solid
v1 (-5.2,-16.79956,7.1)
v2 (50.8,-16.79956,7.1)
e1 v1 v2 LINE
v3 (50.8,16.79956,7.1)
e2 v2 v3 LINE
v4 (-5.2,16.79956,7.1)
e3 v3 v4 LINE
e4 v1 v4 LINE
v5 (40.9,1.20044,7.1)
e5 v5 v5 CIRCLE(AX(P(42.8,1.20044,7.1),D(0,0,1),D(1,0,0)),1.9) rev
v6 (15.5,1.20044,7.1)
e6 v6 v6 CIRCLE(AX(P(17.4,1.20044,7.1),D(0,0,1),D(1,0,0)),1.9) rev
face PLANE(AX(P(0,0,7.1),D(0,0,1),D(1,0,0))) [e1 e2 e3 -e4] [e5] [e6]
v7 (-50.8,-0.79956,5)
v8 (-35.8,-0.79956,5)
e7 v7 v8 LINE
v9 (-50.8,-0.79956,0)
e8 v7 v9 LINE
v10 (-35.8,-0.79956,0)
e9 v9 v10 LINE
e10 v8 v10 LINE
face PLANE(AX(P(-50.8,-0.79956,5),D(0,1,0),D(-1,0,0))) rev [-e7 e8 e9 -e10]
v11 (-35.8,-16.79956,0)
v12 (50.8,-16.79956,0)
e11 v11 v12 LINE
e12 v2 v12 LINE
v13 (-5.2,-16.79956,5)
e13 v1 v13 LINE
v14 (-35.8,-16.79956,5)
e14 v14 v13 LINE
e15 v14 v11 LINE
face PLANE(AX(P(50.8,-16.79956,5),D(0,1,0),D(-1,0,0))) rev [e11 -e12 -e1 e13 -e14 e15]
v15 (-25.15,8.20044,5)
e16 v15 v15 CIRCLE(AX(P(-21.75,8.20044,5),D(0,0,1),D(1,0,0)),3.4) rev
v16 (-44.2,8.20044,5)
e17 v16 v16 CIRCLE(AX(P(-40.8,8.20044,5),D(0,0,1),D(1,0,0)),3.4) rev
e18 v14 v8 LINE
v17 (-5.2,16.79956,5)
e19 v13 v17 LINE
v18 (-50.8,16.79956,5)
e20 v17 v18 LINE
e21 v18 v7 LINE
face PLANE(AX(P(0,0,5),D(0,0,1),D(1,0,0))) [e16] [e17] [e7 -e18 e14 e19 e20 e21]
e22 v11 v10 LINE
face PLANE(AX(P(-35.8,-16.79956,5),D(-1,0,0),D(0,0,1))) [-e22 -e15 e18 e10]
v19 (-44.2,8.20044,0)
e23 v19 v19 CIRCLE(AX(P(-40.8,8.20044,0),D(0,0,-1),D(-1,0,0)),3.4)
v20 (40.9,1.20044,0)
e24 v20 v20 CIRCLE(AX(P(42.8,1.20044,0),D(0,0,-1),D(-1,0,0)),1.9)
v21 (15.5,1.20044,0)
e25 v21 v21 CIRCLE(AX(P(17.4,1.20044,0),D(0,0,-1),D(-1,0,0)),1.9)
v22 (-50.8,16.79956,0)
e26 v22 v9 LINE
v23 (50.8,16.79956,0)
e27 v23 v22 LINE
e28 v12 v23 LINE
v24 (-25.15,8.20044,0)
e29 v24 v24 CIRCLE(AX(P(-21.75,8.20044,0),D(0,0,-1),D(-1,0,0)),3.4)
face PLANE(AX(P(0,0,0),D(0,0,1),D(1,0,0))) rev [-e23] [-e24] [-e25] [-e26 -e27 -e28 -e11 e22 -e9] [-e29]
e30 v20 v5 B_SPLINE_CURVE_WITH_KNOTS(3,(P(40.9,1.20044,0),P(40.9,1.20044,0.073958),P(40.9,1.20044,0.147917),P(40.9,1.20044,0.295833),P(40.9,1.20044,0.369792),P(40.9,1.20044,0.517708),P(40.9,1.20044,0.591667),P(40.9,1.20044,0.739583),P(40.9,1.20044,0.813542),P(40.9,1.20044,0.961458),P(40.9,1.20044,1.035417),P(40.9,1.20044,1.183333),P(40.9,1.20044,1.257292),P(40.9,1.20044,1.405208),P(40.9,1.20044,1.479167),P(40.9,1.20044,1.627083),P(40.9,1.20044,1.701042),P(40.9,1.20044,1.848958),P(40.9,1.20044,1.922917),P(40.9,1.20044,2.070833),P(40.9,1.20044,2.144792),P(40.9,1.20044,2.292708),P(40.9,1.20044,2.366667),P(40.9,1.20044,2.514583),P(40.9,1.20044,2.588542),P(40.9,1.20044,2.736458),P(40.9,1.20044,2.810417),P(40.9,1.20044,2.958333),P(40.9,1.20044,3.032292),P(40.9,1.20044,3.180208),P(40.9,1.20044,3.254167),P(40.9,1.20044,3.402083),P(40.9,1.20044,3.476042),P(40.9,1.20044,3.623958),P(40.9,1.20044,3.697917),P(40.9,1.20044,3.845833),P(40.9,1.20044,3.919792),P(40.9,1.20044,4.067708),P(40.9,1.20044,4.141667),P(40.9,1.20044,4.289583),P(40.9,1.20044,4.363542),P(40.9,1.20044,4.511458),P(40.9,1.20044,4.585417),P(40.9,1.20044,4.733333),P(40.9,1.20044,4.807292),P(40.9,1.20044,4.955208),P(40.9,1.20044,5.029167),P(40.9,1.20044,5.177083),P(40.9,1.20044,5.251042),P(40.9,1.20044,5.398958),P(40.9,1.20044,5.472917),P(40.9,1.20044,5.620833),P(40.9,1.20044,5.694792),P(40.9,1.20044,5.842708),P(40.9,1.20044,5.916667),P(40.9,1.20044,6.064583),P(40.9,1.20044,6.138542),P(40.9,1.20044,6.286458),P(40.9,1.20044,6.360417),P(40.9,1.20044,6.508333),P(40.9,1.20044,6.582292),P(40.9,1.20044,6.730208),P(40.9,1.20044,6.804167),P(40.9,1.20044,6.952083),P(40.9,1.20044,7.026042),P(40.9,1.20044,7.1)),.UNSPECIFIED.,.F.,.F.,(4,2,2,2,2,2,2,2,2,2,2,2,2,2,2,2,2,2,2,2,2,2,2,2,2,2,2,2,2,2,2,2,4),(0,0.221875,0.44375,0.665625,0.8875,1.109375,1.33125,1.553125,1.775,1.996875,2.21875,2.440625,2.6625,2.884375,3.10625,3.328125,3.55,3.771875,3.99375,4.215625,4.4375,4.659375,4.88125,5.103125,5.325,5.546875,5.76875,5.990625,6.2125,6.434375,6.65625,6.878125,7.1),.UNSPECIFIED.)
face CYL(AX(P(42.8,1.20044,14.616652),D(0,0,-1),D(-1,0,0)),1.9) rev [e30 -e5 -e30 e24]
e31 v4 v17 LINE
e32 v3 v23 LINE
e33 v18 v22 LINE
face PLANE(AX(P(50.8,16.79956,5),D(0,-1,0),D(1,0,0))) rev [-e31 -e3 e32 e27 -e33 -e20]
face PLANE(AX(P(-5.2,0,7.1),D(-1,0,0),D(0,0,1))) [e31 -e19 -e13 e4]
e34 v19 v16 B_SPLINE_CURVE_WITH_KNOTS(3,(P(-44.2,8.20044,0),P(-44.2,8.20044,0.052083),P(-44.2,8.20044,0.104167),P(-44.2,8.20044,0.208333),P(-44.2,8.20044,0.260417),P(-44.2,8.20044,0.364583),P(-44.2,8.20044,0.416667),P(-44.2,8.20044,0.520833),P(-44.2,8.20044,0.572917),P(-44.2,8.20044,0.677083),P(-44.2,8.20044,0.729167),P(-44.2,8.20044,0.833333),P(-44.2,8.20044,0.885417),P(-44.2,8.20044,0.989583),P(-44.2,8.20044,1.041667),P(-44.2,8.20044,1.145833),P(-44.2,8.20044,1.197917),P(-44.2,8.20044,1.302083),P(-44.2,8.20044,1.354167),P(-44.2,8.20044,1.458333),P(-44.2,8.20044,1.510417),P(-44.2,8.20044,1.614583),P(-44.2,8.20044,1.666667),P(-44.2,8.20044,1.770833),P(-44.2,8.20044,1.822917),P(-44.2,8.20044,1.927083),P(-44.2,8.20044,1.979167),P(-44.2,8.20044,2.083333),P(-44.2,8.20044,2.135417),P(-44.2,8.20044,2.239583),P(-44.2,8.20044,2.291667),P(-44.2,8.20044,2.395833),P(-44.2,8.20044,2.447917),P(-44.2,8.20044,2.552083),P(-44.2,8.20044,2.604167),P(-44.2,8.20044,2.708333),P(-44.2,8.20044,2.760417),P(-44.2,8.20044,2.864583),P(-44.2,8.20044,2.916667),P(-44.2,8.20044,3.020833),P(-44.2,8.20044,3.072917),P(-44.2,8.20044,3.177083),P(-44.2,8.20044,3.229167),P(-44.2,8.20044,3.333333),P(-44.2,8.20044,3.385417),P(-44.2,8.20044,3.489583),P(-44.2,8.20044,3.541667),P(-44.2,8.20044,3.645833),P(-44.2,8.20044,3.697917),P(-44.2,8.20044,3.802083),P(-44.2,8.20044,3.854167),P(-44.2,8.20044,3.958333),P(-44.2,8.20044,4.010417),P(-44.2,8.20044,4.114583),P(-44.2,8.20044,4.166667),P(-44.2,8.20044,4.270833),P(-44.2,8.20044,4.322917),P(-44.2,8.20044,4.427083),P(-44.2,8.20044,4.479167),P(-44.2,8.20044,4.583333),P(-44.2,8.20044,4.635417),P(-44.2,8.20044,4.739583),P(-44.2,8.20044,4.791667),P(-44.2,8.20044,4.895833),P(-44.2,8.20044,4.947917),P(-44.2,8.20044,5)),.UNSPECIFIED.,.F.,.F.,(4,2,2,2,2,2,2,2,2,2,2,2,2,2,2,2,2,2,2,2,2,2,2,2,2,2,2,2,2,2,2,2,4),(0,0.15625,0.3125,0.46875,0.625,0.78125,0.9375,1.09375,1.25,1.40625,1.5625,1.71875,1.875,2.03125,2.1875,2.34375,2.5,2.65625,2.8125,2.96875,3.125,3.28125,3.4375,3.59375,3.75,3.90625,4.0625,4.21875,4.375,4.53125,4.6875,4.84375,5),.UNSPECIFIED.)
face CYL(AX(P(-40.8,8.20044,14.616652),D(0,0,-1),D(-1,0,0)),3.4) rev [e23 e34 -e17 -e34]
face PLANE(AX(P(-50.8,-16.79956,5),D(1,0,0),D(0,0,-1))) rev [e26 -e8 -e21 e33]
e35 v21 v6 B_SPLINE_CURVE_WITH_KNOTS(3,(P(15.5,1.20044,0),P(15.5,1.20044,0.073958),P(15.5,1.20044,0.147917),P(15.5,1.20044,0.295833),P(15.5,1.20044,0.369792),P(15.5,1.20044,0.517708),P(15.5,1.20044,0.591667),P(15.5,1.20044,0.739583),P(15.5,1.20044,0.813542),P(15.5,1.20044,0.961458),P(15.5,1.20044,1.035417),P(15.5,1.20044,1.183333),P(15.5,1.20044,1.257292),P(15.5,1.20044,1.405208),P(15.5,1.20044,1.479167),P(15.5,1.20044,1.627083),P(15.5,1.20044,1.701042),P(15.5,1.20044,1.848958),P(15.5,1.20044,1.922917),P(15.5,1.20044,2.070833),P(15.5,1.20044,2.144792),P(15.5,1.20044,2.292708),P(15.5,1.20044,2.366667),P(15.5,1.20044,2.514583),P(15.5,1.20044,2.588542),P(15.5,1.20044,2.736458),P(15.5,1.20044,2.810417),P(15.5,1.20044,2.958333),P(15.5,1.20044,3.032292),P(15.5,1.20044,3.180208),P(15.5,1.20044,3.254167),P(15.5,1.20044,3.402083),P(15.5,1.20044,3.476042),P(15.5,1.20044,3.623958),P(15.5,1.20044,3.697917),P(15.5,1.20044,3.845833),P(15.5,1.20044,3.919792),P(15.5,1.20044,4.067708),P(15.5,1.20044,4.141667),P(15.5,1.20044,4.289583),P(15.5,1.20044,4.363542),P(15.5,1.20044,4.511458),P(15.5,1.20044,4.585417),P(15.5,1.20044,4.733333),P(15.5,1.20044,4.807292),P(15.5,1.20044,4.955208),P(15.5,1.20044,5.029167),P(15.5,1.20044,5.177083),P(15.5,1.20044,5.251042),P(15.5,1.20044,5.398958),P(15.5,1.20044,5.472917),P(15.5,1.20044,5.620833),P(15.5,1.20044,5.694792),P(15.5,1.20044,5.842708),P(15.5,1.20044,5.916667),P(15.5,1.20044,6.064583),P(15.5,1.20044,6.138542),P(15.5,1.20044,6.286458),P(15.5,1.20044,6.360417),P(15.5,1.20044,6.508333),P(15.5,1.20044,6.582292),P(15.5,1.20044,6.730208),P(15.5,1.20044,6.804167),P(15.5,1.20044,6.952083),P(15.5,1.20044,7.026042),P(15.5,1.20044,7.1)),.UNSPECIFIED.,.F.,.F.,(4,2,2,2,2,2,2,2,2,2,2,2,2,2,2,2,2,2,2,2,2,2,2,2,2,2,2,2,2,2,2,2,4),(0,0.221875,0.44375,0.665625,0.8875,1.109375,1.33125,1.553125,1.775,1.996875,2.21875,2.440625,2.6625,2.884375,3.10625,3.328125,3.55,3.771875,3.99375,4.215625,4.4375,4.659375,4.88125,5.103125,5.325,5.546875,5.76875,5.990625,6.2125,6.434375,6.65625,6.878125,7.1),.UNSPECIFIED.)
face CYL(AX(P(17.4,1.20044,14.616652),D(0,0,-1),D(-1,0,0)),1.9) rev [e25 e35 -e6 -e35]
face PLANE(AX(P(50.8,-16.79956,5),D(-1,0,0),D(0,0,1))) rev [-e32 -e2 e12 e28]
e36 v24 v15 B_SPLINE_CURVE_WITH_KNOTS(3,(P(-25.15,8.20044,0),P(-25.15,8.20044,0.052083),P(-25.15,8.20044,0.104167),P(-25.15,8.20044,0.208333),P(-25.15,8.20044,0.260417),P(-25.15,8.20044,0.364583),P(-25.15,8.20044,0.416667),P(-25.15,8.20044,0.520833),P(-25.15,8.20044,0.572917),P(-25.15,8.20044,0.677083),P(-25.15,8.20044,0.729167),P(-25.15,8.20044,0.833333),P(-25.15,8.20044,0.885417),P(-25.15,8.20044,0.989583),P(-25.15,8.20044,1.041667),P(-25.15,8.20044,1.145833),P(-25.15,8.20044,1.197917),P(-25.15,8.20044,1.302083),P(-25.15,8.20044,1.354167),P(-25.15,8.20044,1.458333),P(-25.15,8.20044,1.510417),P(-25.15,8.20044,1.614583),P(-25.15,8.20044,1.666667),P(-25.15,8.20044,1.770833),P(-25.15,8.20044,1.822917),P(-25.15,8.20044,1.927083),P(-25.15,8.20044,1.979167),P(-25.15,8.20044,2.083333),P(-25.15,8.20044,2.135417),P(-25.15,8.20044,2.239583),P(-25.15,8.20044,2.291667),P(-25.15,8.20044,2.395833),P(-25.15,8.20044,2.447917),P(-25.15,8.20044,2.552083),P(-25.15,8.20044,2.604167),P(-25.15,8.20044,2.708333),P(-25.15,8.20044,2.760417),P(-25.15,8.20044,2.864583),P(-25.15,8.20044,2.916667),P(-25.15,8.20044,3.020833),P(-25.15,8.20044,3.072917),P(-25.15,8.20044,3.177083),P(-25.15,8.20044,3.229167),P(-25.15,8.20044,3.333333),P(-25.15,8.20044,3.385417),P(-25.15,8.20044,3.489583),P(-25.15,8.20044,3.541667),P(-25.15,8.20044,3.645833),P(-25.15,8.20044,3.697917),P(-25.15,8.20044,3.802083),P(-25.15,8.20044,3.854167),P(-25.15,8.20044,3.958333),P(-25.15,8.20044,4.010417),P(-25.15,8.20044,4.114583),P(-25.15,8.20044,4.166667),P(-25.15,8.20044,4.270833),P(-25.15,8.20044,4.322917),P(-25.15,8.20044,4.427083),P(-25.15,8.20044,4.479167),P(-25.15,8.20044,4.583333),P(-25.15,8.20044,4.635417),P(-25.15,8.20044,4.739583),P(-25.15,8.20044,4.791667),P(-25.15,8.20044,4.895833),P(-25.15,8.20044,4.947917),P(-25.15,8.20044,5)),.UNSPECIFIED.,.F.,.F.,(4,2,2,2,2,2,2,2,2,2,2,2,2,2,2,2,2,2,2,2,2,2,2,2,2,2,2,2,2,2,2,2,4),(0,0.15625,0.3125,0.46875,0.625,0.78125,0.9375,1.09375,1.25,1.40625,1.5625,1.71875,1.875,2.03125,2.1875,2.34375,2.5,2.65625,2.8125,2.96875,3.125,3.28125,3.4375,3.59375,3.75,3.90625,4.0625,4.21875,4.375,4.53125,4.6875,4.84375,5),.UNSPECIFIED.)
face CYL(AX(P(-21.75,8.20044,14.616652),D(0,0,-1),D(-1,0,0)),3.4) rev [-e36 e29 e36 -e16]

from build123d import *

# Parameters (mm, degrees)
SKETCH1_W           = 101.6
SKETCH1_H           = 33.59912
BOSS_EXTRUDE1_DEPTH = 5
SKETCH2_R           = 3.4
SKETCH2_R_2         = 1.9
CUT_EXTRUDE1_DEPTH  = 5
SKETCH5_W           = 15
SKETCH5_H           = 16
CUT_EXTRUDE4_DEPTH  = 5
SKETCH7_W           = 56
SKETCH7_H           = 33.59912
SKETCH7_R           = 1.9
BOSS_EXTRUDE2_DEPTH = 2.1


with BuildPart() as part:
    # Sketch1 → Boss-Extrude1 (new body)
    with BuildSketch(Plane.XY):
        Rectangle(SKETCH1_W, SKETCH1_H)
    extrude(amount=BOSS_EXTRUDE1_DEPTH)

    # Sketch2 → Cut-Extrude1 (cut)
    with BuildSketch(Plane(origin=(0, 0, 0), x_dir=(-1, 0, 0), z_dir=(0, 0, -1))):
        with Locations((40.8, 8.20044)):
            Circle(SKETCH2_R)
        with Locations((21.75, 8.20044)):
            Circle(SKETCH2_R)
        with Locations((-17.4, 1.20044)):
            Circle(SKETCH2_R_2)
        with Locations((-42.8, 1.20044)):
            Circle(SKETCH2_R_2)
    extrude(amount=-CUT_EXTRUDE1_DEPTH, mode=Mode.SUBTRACT)

    # Sketch5 → Cut-Extrude4 (cut)
    with BuildSketch(Plane(origin=(0, 0, 0), x_dir=(-1, 0, 0), z_dir=(0, 0, -1))):
        with Locations((43.3, -8.79956)):
            Rectangle(SKETCH5_W, SKETCH5_H)
    extrude(amount=-CUT_EXTRUDE4_DEPTH, mode=Mode.SUBTRACT)

    # Sketch7 → Boss-Extrude2 (add)
    with BuildSketch(Plane.XY.offset(5)):
        with Locations((22.8, 0)):
            Rectangle(SKETCH7_W, SKETCH7_H)
        with Locations(Location((17.4, 1.20044, 0), (0, 0, 180))):
            Circle(SKETCH7_R, mode=Mode.SUBTRACT)
        with Locations(Location((42.8, 1.20044, 0), (0, 0, 180))):
            Circle(SKETCH7_R, mode=Mode.SUBTRACT)
    extrude(amount=BOSS_EXTRUDE2_DEPTH)


solid = part.part
